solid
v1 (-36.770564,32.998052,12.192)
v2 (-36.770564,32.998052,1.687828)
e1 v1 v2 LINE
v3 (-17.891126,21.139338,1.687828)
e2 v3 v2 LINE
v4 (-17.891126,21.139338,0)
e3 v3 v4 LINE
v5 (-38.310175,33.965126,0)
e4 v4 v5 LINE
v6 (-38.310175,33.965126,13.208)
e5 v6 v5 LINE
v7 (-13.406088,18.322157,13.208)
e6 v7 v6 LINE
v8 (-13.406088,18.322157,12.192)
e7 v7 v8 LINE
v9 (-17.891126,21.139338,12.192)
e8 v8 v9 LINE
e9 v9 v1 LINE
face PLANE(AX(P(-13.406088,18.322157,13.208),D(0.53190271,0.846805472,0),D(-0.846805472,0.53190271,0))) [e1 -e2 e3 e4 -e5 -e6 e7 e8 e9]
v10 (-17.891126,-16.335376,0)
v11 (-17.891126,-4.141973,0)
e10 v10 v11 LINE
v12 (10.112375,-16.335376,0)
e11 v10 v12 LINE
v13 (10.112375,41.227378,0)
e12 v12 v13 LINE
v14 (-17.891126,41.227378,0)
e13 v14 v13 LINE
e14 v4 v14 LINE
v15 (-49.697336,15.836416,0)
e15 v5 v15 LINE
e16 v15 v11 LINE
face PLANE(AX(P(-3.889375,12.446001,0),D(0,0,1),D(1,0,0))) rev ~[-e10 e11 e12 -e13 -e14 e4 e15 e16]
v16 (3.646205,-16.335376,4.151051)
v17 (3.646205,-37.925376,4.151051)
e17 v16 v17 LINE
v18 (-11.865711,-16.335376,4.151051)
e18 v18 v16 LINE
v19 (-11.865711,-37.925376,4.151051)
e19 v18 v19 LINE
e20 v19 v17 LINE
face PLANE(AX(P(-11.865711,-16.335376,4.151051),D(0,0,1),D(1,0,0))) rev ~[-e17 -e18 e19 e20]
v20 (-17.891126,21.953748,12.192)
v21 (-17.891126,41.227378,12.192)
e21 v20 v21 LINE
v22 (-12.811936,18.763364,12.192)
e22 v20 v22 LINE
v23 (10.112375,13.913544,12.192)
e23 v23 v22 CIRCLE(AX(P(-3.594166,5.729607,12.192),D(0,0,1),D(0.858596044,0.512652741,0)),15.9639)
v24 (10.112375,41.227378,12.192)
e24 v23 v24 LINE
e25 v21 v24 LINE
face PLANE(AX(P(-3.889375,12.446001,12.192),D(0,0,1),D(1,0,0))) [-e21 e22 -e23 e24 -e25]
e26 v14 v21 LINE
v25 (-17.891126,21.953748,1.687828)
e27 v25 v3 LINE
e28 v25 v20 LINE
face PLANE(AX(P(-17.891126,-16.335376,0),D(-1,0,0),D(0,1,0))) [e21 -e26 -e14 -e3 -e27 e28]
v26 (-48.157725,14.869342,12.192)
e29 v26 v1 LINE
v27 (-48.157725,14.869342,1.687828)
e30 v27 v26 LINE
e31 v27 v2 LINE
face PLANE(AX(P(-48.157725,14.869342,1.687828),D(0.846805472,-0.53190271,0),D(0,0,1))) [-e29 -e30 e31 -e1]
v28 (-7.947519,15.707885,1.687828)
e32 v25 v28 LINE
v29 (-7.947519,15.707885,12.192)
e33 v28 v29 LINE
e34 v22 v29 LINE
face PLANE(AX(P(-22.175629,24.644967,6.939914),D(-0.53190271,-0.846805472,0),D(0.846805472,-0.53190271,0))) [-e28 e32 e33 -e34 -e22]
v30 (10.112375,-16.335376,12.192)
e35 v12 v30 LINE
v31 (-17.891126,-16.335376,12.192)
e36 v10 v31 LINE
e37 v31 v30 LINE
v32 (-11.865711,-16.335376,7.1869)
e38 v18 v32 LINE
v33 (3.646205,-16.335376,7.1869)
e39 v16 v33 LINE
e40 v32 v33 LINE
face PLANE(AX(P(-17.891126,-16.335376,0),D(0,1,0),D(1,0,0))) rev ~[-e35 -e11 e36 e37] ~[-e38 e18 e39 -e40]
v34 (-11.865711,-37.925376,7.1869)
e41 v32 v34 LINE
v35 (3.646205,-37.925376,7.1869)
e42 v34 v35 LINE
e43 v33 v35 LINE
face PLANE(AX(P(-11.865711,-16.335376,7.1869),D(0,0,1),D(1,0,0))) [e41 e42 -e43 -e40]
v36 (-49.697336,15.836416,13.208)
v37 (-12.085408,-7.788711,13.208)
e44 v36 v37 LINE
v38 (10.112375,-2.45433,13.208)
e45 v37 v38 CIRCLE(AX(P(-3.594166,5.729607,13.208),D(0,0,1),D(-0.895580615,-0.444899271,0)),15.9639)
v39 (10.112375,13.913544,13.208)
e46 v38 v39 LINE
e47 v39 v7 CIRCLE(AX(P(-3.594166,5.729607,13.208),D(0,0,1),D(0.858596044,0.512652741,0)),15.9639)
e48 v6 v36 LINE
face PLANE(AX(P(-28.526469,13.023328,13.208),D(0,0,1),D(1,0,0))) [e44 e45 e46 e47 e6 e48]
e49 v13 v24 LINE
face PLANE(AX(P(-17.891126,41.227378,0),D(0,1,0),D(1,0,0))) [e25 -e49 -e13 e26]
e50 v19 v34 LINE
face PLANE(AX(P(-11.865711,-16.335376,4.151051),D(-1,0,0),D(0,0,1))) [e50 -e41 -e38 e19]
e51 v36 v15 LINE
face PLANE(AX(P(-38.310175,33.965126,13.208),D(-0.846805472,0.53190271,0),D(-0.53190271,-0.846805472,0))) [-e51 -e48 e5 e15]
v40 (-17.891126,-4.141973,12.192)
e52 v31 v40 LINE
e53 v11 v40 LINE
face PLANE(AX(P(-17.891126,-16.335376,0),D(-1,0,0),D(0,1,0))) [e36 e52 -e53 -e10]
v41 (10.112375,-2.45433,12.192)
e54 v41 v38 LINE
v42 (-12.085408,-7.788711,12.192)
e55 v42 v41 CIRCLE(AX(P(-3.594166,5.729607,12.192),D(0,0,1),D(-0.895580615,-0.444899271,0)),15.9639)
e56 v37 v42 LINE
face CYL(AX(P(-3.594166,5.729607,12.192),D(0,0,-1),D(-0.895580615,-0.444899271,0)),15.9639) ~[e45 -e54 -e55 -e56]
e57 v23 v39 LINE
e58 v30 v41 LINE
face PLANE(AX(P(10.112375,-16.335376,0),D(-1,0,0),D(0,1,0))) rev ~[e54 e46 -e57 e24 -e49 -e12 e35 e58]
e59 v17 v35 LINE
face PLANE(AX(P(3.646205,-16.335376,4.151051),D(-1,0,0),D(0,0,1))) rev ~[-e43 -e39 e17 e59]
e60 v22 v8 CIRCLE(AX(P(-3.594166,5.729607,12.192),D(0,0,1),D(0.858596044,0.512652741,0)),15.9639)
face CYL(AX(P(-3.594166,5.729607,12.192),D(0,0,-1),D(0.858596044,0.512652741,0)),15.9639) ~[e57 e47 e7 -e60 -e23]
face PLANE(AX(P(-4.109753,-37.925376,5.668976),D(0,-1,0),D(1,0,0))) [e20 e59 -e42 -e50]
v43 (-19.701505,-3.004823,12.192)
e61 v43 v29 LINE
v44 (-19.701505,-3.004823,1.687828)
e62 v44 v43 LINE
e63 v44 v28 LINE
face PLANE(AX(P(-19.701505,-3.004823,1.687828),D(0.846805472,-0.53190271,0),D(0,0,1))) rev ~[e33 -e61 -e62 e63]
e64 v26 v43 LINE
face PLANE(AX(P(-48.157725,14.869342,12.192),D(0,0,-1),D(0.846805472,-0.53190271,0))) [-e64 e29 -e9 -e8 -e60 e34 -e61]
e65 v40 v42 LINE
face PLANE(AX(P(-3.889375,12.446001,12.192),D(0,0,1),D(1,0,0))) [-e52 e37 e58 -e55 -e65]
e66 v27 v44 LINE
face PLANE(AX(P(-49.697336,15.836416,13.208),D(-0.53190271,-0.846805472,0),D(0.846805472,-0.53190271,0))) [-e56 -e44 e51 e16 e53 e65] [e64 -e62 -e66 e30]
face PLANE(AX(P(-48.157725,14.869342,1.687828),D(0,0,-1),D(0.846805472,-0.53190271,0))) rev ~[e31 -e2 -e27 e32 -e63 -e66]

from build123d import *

# Parameters (mm, degrees)
F0_W     = 28.0035007745
F0_H     = 57.5627535582
F1_DEPTH = 12.192
F2_W     = 15.5119162519
F2_H     = 3.0358484946
F3_DEPTH = 21.59
F5_DEPTH = 1.016
F7_DEPTH = 13.208
F8_W     = 33.6042
F8_H     = 10.5041724799
F9_DEPTH = 22.098


with BuildPart() as f1:
    # F0 (on Top) → F1 (new body)
    with BuildSketch(Plane.XY):
        with Locations((-3.8893753663, 12.4460011721)):
            Rectangle(F0_W, F0_H)
    extrude(amount=F1_DEPTH)

    # F2 (on face) → F3 (join)
    with BuildSketch(Plane.XZ.offset(16.335375607)):
        with Locations((-4.1097527137, 5.6689756457)):
            Rectangle(F2_W, F2_H)
    extrude(amount=F3_DEPTH)

    # F4 (on face) → F5 (join)
    with BuildSketch(Plane.XY.offset(12.192)):
        with BuildLine():
            Line((10.112375021, -2.4543297905), (10.112375021, 13.9135444033))
            ThreePointArc((10.112375021, 13.9135444033), (-4.210298008, 21.68161298), (-17.8911257535, 12.8319347765))
            Line((-17.8911257535, 12.8319347765), (-17.8911257535, -1.3727201637))
            ThreePointArc((-17.8911257535, -1.3727201637), (-4.210298008, -10.2223983672), (10.112375021, -2.4543297905))
        make_face()
    extrude(amount=F5_DEPTH)

    # F6 (on face) → F7 (join)
    with BuildSketch(Plane.XY.offset(13.208)):
        with BuildLine():
            ThreePointArc((-17.8911257535, 12.8319347765), (-15.9572228314, 15.8291586852), (-13.4060875251, 18.3221569444))
            Line((-13.4060875251, 18.3221569444), (-38.3101751119, 33.9651258488))
            Line((-38.3101751119, 33.9651258488), (-49.6973358095, 15.8364158124))
            Line((-49.6973358095, 15.8364158124), (-12.0854080322, -7.7887105691))
            ThreePointArc((-12.0854080322, -7.7887105691), (-15.431258916, -4.9815711153), (-17.8911257535, -1.3727201637))
            Line((-17.8911257535, -1.3727201637), (-17.8911257535, 12.8319347765))
        make_face()
    extrude(amount=-F7_DEPTH)

    # F8 (on face) → F9 (cut)
    with BuildSketch(Plane(origin=(-6.9273860037, -11.028611566, 0), x_dir=(0.8468054721, -0.5319027096, 0), z_dir=(-0.5319027096, -0.8468054721, 0))):
        with Locations((-31.8871685294, 6.93991376)):
            Rectangle(F8_W, F8_H)
    extrude(amount=-F9_DEPTH, mode=Mode.SUBTRACT)


solid = f1.part
